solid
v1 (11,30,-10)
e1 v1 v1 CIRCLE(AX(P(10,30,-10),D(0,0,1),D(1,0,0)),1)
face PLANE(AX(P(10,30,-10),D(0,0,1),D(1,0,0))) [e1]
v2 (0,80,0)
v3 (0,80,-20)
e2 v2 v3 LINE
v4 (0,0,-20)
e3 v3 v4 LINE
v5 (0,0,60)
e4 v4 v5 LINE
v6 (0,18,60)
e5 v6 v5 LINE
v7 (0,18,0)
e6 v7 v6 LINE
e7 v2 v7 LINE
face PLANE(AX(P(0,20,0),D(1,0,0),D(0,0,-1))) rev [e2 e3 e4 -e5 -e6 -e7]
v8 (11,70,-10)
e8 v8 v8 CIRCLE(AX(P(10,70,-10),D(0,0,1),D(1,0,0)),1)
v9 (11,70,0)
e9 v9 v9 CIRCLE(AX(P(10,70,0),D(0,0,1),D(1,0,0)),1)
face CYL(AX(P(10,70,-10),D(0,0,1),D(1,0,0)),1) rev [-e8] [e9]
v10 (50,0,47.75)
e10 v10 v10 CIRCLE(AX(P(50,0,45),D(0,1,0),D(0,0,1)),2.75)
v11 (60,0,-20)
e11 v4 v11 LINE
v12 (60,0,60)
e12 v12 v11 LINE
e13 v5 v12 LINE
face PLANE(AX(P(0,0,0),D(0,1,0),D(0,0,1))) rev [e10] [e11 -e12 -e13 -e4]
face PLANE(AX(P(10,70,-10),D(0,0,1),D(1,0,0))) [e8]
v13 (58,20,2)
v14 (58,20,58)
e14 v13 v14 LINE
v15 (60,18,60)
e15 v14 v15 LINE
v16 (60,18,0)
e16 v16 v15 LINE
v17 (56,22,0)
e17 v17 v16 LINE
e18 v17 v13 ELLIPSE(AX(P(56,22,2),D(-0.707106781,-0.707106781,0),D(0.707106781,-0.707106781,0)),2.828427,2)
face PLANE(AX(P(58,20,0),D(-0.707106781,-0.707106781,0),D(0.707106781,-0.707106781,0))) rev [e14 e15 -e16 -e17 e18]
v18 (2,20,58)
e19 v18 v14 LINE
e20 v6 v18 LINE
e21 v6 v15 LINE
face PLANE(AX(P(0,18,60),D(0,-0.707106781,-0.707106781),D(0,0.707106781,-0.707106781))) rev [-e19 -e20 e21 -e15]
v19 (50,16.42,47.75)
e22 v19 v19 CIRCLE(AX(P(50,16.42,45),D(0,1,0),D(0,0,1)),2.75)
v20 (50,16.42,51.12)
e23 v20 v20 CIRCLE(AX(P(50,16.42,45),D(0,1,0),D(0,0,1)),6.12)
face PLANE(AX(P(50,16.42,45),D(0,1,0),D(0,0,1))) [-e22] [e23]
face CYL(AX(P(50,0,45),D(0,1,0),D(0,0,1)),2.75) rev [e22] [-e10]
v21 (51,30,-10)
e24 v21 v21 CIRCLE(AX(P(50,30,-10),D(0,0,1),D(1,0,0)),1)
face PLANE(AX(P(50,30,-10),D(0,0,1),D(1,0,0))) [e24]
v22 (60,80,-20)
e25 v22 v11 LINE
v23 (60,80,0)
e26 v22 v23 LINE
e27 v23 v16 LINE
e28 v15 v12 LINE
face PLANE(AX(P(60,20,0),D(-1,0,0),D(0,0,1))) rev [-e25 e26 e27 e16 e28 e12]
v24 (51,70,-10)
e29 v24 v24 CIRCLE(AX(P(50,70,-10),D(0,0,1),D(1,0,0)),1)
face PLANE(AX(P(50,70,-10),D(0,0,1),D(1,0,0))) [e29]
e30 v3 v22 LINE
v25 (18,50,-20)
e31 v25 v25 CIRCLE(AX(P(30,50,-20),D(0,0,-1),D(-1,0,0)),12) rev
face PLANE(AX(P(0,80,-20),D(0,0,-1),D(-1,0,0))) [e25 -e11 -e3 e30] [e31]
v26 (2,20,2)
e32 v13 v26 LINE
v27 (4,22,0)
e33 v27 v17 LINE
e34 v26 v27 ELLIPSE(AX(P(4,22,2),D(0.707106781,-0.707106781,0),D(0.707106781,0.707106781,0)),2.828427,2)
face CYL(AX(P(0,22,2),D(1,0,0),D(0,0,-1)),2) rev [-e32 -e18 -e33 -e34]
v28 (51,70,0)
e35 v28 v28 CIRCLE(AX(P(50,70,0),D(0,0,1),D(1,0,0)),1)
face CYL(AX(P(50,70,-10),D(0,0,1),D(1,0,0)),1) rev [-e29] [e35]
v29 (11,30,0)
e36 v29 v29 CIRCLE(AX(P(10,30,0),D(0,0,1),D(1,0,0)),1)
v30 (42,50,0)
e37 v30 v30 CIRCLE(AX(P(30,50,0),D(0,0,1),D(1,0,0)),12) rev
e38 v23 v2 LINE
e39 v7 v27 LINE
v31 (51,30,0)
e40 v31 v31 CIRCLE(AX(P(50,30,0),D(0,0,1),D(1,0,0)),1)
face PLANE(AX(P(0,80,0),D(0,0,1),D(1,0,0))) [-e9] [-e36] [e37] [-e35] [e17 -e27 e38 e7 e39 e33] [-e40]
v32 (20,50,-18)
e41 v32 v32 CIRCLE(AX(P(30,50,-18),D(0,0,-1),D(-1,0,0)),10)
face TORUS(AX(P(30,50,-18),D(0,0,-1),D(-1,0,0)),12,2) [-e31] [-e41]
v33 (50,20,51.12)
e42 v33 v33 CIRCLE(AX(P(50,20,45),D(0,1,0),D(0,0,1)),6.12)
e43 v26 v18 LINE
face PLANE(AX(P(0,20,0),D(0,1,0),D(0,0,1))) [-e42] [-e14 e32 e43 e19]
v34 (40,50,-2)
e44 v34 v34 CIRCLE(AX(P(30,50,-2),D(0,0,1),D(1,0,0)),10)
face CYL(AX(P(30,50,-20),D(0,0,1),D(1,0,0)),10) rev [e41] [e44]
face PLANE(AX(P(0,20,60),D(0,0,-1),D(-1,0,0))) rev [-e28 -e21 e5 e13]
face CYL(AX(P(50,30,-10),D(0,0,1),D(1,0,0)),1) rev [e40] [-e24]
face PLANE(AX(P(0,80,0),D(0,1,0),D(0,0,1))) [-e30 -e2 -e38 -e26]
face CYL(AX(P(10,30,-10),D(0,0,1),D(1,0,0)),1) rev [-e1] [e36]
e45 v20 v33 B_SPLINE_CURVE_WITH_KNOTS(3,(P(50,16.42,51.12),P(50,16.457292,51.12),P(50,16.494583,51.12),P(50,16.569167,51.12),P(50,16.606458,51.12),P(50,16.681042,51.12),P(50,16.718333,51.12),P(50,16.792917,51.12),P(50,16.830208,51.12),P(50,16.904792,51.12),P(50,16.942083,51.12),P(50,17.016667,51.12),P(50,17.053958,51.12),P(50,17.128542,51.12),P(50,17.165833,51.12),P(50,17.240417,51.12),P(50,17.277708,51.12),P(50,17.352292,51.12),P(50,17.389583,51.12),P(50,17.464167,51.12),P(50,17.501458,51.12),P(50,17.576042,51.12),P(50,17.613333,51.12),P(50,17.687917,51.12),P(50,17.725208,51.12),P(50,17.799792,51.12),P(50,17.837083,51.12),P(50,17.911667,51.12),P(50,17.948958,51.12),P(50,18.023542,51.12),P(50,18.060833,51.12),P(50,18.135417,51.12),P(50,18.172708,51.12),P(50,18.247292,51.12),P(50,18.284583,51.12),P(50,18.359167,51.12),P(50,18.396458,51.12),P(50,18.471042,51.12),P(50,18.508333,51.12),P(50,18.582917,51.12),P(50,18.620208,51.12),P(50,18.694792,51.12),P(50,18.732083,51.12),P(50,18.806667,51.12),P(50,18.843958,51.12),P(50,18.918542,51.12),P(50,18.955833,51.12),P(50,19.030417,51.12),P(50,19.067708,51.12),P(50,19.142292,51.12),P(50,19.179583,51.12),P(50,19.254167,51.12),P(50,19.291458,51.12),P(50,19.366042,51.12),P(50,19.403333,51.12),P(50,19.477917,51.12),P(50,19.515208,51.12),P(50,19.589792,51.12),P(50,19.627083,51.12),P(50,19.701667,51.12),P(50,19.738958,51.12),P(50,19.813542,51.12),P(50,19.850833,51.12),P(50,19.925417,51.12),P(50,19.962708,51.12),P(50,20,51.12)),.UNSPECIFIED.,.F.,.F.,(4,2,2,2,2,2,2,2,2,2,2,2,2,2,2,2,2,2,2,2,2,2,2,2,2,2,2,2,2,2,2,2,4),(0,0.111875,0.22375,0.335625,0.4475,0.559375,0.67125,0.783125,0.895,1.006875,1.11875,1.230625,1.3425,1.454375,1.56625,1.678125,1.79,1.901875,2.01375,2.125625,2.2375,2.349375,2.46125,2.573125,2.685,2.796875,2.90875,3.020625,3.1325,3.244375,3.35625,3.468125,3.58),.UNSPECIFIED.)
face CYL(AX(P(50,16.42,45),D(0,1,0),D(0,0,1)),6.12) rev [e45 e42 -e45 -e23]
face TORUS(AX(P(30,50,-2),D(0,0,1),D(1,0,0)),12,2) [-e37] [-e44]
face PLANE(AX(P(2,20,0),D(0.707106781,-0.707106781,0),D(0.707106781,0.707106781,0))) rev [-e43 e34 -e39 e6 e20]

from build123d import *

# Parameters (mm, degrees)
SKETCH1_W           = 60
SKETCH1_H           = 60
BOSS_EXTRUDE1_DEPTH = 20
SKETCH1_3_W         = 60
SKETCH1_3_H         = 20
BOSS_EXTRUDE2_DEPTH = 80
SKETCH3_R           = 10
CUT_EXTRUDE2_DEPTH  = 117.619037897
FILLET2_R           = 2
SKETCH4_R           = 1
CUT_EXTRUDE3_DEPTH  = 10
SKETCH7_R           = 6.12
CUT_EXTRUDE5_DEPTH  = 3.58
SKETCH8_R           = 2.75
CUT_EXTRUDE6_DEPTH  = 107.030261718
CUT_EXTRUDE7_DEPTH  = 60
FILLET7_R           = 2
CUT_EXTRUDE13_DEPTH = 60


with BuildPart() as part:
    # Sketch1 → Boss-Extrude1 (new body)
    with BuildSketch(Plane(origin=(0, 0, 0), x_dir=(1, 0, 0), z_dir=(0, 1, 0))):
        with Locations((30, -30)):
            Rectangle(SKETCH1_W, SKETCH1_H)
    extrude(amount=BOSS_EXTRUDE1_DEPTH)

    # Sketch1<3> → Boss-Extrude2 (add)
    with BuildSketch(Plane(origin=(0, 0, 0), x_dir=(1, 0, 0), z_dir=(0, 1, 0))):
        with Locations((30, 10)):
            Rectangle(SKETCH1_3_W, SKETCH1_3_H)
    extrude(amount=BOSS_EXTRUDE2_DEPTH)

    # Sketch3 → Cut-Extrude2 (cut, through all)
    with BuildSketch(Plane.XY):
        with Locations((30, 50)):
            Circle(SKETCH3_R)
    extrude(amount=-CUT_EXTRUDE2_DEPTH, mode=Mode.SUBTRACT)

    # Fillet2
    fillet2_edges = [part.edges().sort_by_distance(p)[0] for p in [
        (20, 50, -20),
        (20, 50, 0),
    ]]
    fillet(fillet2_edges, radius=FILLET2_R)

    # Sketch4 → Cut-Extrude3 (cut)
    with BuildSketch(Plane.XY):
        with Locations((10, 70)):
            Circle(SKETCH4_R)
        with Locations((50, 70)):
            Circle(SKETCH4_R)
        with Locations((50, 30)):
            Circle(SKETCH4_R)
        with Locations((10, 30)):
            Circle(SKETCH4_R)
    extrude(amount=-CUT_EXTRUDE3_DEPTH, mode=Mode.SUBTRACT)

    # Sketch7 → Cut-Extrude5 (cut)
    with BuildSketch(Plane(origin=(0, 20, 0), x_dir=(1, 0, 0), z_dir=(0, 1, 0))):
        with Locations((50, -45)):
            Circle(SKETCH7_R)
    extrude(amount=-CUT_EXTRUDE5_DEPTH, mode=Mode.SUBTRACT)

    # Sketch8 → Cut-Extrude6 (cut, through all)
    with BuildSketch(Plane(origin=(0, 16.42, 0), x_dir=(1, 0, 0), z_dir=(0, 1, 0))):
        with Locations((50, -45)):
            Circle(SKETCH8_R)
    extrude(amount=-CUT_EXTRUDE6_DEPTH, mode=Mode.SUBTRACT)

    # Sketch9 → Cut-Extrude7 (cut)
    with BuildSketch(Plane.XY.offset(60)):
        Polygon((0, 20), (2, 20), (0, 18), align=None)
        Polygon((60, 20), (58, 20), (60, 18), align=None)
    extrude(amount=-CUT_EXTRUDE7_DEPTH, mode=Mode.SUBTRACT)

    # Fillet7
    fillet7_edges = [part.edges().sort_by_distance(p)[0] for p in [
        (30, 20, 0),
    ]]
    fillet(fillet7_edges, radius=FILLET7_R)

    # Sketch11 → Cut-Extrude13 (cut)
    with BuildSketch(Plane(origin=(60, 0, 0), x_dir=(0, 0, -1), z_dir=(1, 0, 0))):
        Polygon((-60, 20), (-58, 20), (-60, 18), align=None)
    extrude(amount=-CUT_EXTRUDE13_DEPTH, mode=Mode.SUBTRACT)


solid = part.part
